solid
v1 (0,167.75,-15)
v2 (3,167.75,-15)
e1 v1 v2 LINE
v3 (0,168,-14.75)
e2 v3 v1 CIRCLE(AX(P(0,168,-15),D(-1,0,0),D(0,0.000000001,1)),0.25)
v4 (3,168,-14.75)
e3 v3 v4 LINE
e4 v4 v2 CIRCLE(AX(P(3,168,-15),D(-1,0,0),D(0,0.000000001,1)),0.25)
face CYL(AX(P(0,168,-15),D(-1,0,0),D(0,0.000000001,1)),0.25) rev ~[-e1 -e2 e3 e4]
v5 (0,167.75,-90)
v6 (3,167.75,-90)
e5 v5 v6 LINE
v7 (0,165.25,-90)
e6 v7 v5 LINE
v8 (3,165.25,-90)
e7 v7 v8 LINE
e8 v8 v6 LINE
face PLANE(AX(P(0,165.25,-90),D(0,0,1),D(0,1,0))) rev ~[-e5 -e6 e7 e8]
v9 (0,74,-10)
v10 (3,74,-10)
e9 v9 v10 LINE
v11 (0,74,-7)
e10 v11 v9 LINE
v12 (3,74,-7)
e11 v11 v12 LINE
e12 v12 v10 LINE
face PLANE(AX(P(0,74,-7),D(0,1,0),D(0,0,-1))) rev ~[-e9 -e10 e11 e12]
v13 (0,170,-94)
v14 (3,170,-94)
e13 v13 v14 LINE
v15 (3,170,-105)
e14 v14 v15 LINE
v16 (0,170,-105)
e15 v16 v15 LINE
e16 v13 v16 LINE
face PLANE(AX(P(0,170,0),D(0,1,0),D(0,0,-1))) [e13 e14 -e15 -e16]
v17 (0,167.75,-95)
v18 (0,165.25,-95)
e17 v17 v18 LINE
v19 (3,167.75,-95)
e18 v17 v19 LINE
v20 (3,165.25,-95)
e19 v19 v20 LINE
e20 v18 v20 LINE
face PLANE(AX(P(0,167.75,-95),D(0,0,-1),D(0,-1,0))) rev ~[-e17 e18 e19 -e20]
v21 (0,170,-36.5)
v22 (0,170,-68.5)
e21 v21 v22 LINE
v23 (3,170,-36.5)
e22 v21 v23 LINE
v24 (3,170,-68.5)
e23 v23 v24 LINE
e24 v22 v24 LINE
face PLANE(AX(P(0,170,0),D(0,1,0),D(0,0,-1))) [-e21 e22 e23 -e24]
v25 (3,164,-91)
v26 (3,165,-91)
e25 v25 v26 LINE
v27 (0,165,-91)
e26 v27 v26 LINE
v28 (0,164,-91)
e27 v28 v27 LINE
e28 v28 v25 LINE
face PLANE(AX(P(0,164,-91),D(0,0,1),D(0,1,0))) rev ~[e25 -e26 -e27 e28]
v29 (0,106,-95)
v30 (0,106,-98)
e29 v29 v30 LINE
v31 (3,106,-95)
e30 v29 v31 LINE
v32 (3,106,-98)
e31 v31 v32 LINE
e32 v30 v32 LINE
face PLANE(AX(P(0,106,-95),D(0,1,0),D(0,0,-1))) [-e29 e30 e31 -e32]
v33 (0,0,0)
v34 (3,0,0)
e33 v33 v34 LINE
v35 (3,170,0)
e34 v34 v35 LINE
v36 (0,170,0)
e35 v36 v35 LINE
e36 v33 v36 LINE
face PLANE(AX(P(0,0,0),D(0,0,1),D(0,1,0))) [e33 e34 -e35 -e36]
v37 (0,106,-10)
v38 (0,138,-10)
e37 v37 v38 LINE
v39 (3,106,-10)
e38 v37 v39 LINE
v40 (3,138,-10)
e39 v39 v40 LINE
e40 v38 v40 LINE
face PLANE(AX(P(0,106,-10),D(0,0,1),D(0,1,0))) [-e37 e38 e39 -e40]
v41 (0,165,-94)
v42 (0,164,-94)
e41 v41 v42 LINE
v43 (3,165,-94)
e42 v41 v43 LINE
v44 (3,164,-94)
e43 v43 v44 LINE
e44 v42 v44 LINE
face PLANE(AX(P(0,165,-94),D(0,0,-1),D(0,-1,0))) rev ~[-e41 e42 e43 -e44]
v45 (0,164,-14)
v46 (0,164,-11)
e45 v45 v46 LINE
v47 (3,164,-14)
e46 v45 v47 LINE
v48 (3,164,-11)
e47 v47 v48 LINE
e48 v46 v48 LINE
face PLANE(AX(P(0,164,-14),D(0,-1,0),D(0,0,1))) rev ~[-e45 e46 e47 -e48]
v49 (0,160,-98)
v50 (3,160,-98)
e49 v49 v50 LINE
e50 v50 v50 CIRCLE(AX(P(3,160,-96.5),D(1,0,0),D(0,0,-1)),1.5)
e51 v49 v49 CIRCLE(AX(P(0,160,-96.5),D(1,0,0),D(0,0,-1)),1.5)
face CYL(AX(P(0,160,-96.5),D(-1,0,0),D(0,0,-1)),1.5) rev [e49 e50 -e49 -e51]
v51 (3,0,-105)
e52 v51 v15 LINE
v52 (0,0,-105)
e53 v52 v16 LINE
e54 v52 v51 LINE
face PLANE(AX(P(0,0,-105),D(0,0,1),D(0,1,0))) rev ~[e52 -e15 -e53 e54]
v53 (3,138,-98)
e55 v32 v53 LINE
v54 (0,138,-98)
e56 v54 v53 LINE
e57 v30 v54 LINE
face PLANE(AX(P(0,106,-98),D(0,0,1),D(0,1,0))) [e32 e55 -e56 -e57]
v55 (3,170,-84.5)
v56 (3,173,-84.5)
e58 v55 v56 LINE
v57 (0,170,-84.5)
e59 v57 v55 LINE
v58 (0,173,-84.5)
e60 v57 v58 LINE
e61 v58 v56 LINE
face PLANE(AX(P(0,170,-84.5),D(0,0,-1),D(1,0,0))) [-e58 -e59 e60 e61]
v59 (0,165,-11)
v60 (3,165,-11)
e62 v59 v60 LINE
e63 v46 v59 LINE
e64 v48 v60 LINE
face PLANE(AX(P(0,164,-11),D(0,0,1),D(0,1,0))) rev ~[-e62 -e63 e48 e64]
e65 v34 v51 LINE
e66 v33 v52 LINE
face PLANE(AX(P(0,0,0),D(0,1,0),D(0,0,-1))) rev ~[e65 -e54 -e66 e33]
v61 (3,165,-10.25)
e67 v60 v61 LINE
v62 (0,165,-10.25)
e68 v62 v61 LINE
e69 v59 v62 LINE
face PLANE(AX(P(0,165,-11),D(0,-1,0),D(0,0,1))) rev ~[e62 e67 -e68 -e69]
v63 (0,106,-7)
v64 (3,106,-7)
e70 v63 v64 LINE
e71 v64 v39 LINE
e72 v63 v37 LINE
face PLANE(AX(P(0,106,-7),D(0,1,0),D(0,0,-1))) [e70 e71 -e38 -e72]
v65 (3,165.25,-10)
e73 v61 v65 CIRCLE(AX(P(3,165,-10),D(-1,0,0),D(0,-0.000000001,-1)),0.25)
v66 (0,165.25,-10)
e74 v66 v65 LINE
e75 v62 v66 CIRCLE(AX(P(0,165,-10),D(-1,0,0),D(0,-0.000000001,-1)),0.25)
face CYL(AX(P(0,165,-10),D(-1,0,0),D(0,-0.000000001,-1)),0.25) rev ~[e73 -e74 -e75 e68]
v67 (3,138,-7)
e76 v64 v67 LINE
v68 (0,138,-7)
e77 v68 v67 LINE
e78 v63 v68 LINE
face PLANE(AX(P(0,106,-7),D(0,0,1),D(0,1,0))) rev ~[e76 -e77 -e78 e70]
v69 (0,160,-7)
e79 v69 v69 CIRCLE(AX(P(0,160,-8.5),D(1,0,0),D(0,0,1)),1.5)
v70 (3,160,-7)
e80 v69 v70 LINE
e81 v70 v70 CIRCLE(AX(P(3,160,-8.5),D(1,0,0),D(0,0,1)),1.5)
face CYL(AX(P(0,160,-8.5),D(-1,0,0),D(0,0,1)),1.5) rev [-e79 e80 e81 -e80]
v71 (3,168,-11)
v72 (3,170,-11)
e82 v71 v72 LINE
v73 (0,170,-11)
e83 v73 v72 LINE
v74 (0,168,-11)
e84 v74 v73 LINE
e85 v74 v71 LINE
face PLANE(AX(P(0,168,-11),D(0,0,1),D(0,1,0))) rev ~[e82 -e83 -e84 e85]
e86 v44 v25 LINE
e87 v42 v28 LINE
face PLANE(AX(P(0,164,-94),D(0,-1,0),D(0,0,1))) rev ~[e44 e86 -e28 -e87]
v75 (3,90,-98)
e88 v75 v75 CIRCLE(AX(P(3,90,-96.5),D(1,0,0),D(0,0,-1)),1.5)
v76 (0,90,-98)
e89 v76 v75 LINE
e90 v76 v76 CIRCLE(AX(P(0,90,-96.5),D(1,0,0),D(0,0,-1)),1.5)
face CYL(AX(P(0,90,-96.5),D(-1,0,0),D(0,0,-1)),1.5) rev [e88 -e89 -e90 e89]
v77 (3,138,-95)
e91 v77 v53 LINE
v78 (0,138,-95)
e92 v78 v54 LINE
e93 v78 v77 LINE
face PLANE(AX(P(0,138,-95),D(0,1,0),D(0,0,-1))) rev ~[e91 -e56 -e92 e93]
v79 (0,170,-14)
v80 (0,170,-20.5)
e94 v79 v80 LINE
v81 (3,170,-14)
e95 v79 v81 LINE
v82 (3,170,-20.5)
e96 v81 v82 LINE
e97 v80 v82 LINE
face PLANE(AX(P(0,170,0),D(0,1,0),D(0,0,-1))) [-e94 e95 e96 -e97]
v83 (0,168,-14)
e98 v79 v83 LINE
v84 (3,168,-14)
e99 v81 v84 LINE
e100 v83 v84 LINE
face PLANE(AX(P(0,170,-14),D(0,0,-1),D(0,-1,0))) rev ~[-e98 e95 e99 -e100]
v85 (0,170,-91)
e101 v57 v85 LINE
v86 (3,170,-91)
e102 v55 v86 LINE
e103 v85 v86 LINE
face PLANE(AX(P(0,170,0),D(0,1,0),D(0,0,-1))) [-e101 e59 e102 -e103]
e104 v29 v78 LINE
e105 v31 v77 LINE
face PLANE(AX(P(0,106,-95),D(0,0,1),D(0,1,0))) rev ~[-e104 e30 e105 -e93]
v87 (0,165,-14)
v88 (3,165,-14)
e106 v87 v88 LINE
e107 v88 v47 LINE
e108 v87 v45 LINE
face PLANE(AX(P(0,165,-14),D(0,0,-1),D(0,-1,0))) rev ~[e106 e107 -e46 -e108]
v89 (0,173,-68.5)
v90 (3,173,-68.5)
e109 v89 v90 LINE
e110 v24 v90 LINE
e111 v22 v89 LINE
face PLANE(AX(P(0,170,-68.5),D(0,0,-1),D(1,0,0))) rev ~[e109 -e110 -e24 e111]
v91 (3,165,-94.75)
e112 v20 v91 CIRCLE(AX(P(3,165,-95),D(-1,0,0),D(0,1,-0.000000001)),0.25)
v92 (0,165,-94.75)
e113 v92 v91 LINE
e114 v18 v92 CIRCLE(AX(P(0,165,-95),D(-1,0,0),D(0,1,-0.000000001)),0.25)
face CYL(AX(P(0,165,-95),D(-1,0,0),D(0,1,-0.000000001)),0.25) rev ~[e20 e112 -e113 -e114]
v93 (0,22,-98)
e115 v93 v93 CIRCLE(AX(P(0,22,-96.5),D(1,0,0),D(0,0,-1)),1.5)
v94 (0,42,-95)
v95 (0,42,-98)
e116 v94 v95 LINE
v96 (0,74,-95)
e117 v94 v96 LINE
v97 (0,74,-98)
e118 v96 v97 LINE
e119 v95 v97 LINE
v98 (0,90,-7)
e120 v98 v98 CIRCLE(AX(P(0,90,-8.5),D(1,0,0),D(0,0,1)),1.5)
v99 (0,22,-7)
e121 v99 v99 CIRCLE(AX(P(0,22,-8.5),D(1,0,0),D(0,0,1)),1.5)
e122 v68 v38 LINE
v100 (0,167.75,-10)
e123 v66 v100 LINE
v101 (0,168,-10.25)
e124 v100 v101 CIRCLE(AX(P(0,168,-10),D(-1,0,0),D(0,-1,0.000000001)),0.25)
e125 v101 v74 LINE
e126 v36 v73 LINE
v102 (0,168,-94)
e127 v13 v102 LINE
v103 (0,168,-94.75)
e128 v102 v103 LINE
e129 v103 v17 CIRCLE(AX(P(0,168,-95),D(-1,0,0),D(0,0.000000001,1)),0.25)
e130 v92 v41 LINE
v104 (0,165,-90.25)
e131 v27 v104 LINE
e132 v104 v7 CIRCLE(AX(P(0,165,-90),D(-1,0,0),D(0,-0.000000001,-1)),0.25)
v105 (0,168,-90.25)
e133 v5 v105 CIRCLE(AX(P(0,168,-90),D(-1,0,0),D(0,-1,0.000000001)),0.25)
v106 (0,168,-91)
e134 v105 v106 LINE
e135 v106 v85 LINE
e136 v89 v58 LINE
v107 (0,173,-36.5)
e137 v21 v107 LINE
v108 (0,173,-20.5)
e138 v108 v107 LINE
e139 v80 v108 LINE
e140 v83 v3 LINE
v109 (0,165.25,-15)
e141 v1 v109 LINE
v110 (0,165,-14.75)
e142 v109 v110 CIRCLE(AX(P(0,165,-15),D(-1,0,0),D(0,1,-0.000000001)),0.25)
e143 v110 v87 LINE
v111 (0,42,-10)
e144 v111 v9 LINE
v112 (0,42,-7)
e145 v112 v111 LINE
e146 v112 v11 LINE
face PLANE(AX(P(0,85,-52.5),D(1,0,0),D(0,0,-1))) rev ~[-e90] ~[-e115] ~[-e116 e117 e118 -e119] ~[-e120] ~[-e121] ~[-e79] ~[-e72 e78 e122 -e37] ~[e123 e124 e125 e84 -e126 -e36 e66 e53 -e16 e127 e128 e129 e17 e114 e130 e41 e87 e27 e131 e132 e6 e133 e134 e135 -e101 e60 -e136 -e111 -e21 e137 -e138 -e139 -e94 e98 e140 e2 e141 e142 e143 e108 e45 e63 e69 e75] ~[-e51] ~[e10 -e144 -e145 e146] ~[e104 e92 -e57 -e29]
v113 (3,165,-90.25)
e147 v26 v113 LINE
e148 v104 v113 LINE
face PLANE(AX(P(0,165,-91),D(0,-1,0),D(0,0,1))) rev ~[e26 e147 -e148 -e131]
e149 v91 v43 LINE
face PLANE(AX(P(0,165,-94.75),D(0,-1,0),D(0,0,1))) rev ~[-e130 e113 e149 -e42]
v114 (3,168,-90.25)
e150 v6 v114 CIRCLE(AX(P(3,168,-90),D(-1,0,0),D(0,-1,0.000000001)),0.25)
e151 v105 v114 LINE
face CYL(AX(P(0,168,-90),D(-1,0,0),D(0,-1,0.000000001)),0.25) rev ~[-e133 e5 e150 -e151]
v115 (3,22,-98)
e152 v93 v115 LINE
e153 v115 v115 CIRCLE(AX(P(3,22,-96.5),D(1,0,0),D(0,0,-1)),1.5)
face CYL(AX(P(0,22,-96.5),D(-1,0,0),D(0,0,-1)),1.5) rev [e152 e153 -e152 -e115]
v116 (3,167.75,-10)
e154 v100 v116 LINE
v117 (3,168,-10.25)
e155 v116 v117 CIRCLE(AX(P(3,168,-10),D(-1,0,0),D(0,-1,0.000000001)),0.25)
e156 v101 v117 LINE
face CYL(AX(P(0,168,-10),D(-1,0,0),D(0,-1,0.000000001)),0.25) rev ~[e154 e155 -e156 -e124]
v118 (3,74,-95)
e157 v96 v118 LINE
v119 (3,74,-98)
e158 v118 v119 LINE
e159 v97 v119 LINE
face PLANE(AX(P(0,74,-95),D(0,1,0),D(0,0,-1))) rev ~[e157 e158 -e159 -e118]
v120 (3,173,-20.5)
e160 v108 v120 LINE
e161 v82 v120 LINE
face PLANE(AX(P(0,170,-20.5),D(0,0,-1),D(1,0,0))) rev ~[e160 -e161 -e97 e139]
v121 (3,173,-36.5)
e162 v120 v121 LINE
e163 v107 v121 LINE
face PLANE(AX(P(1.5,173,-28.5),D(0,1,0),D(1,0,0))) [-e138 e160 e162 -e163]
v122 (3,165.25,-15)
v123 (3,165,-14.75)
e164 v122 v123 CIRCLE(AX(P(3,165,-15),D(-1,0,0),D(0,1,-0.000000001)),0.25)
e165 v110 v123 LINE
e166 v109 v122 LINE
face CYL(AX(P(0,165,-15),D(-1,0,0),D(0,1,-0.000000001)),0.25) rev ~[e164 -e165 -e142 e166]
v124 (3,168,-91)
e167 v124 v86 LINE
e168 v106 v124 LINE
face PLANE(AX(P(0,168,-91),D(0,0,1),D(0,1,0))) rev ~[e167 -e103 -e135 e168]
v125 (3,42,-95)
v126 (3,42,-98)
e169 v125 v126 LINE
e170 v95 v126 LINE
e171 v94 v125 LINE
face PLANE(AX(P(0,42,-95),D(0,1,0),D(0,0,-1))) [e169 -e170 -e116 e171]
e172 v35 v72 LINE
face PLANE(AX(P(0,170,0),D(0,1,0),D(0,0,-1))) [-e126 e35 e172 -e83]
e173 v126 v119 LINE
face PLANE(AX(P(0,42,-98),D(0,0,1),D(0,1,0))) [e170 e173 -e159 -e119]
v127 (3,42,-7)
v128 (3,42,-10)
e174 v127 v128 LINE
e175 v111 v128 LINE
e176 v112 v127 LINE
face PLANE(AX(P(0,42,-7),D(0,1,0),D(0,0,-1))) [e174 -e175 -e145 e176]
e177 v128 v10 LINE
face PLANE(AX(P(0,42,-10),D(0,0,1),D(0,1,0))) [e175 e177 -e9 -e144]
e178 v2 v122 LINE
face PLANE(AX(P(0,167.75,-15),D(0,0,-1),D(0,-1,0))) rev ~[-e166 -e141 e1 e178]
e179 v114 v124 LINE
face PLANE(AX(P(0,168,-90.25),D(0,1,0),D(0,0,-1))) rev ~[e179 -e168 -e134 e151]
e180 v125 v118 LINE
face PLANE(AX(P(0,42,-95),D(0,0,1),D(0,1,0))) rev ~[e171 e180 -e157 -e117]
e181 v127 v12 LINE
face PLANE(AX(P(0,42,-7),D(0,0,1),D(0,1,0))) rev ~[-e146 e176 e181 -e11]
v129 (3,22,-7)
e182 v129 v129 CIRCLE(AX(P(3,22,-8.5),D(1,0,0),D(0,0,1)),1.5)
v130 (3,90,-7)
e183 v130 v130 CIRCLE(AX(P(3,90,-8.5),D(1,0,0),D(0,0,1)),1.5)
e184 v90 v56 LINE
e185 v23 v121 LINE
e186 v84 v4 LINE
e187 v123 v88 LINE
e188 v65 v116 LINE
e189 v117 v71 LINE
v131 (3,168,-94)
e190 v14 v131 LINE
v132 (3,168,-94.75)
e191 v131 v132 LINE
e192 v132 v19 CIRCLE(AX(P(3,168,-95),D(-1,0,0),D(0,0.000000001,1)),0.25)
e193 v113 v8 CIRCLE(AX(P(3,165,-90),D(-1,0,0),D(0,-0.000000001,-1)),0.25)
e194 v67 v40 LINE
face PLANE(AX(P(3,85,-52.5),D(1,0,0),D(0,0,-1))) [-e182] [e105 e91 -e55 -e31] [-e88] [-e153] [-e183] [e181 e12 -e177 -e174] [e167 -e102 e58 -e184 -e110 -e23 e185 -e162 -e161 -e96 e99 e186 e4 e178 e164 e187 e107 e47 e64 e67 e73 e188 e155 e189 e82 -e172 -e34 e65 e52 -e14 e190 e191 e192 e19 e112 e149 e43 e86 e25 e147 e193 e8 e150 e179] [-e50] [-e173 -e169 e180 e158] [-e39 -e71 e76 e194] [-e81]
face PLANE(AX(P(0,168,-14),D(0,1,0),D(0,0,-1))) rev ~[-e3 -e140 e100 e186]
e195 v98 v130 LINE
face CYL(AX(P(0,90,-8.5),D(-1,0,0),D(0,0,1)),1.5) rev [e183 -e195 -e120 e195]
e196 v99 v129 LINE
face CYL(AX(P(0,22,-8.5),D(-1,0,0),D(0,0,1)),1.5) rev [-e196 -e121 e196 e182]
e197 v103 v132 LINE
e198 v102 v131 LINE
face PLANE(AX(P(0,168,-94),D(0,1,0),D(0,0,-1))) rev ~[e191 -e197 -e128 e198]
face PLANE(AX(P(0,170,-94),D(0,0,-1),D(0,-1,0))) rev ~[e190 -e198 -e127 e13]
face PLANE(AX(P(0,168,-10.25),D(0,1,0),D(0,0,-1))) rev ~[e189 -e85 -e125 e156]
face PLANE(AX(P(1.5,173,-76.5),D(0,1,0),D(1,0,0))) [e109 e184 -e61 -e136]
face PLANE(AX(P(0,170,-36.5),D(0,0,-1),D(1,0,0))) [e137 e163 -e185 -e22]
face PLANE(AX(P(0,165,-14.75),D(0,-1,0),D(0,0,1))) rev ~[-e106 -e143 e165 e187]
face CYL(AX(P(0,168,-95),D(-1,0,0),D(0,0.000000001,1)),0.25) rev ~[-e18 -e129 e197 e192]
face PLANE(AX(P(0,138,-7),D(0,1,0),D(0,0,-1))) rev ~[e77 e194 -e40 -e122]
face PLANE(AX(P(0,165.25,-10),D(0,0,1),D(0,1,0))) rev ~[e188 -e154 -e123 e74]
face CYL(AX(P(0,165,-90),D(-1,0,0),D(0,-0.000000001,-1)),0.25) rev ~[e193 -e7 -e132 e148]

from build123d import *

# Parameters (mm, degrees)
CROQUIS1_W              = 105
CROQUIS1_H              = 170
CROQUIS1_R              = 1.5
CROQUIS1_W_2            = 3
CROQUIS1_H_2            = 32
SALIENTE_EXTRUIR1_DEPTH = 3
CROQUIS2_W              = 3
CROQUIS2_H              = 16
SALIENTE_EXTRUIR2_DEPTH = 3
CORTAR_EXTRUIR1_DEPTH   = 3


with BuildPart() as part:
    # Croquis1 → Saliente-Extruir1 (new body)
    with BuildSketch(Plane(origin=(0, 0, 0), x_dir=(0, 0, -1), z_dir=(1, 0, 0))):
        with Locations((52.5, 85)):
            Rectangle(CROQUIS1_W, CROQUIS1_H)
        with Locations((96.5, 160)):
            Circle(CROQUIS1_R, mode=Mode.SUBTRACT)
        with Locations((96.5, 22)):
            Circle(CROQUIS1_R, mode=Mode.SUBTRACT)
        with Locations((96.5, 90)):
            Circle(CROQUIS1_R, mode=Mode.SUBTRACT)
        with Locations(Location((8.5, 22, 0), (0, 0, 180))):
            Circle(CROQUIS1_R, mode=Mode.SUBTRACT)
        with Locations(Location((8.5, 90, 0), (0, 0, 180))):
            Circle(CROQUIS1_R, mode=Mode.SUBTRACT)
        with Locations(Location((8.5, 160, 0), (0, 0, 180))):
            Circle(CROQUIS1_R, mode=Mode.SUBTRACT)
        with Locations((96.5, 58)):
            Rectangle(CROQUIS1_W_2, CROQUIS1_H_2, mode=Mode.SUBTRACT)
        with Locations((96.5, 122)):
            Rectangle(CROQUIS1_W_2, CROQUIS1_H_2, mode=Mode.SUBTRACT)
        with Locations((8.5, 58)):
            Rectangle(CROQUIS1_W_2, CROQUIS1_H_2, mode=Mode.SUBTRACT)
        with Locations((8.5, 122)):
            Rectangle(CROQUIS1_W_2, CROQUIS1_H_2, mode=Mode.SUBTRACT)
    extrude(amount=SALIENTE_EXTRUIR1_DEPTH)

    # Croquis2 → Saliente-Extruir2 (add)
    with BuildSketch(Plane(origin=(0, 170, 0), x_dir=(1, 0, 0), z_dir=(0, 1, 0))):
        with Locations((1.5, 76.5)):
            Rectangle(CROQUIS2_W, CROQUIS2_H)
        with Locations((1.5, 28.5)):
            Rectangle(CROQUIS2_W, CROQUIS2_H)
    extrude(amount=SALIENTE_EXTRUIR2_DEPTH)

    # Croquis3 → Cortar-Extruir1 (cut)
    with BuildSketch(Plane.ZY):
        with BuildLine():
            Line((-11, 168), (-11, 170))
            Line((-11, 170), (-14, 170))
            Line((-14, 170), (-14, 168))
            Line((-14, 168), (-14.75, 168))
            ThreePointArc((-14.75, 168), (-15.176776695, 168.176776695), (-15, 167.75))
            Line((-15, 167.75), (-15, 165.25))
            ThreePointArc((-15, 165.25), (-15.176776695, 164.823223305), (-14.75, 165))
            Line((-14.75, 165), (-14, 165))
            Line((-14, 165), (-14, 164))
            Line((-14, 164), (-11, 164))
            Line((-11, 164), (-11, 165))
            Line((-11, 165), (-10.25, 165))
            ThreePointArc((-10.25, 165), (-9.823223305, 164.823223305), (-10, 165.25))
            Line((-10, 165.25), (-10, 167.75))
            ThreePointArc((-10, 167.75), (-9.823223305, 168.176776695), (-10.25, 168))
            Line((-10.25, 168), (-11, 168))
        make_face()
        with BuildLine():
            Line((-91, 168), (-91, 170))
            Line((-91, 170), (-94, 170))
            Line((-94, 170), (-94, 168))
            Line((-94, 168), (-94.75, 168))
            ThreePointArc((-94.75, 168), (-95.176776695, 168.176776695), (-95, 167.75))
            Line((-95, 167.75), (-95, 165.25))
            ThreePointArc((-95, 165.25), (-95.176776695, 164.823223305), (-94.75, 165))
            Line((-94.75, 165), (-94, 165))
            Line((-94, 165), (-94, 164))
            Line((-94, 164), (-91, 164))
            Line((-91, 164), (-91, 165))
            Line((-91, 165), (-90.25, 165))
            ThreePointArc((-90.25, 165), (-89.823223305, 164.823223305), (-90, 165.25))
            Line((-90, 165.25), (-90, 167.75))
            ThreePointArc((-90, 167.75), (-89.823223305, 168.176776695), (-90.25, 168))
            Line((-90.25, 168), (-91, 168))
        make_face()
    extrude(amount=-CORTAR_EXTRUIR1_DEPTH, mode=Mode.SUBTRACT)


solid = part.part
